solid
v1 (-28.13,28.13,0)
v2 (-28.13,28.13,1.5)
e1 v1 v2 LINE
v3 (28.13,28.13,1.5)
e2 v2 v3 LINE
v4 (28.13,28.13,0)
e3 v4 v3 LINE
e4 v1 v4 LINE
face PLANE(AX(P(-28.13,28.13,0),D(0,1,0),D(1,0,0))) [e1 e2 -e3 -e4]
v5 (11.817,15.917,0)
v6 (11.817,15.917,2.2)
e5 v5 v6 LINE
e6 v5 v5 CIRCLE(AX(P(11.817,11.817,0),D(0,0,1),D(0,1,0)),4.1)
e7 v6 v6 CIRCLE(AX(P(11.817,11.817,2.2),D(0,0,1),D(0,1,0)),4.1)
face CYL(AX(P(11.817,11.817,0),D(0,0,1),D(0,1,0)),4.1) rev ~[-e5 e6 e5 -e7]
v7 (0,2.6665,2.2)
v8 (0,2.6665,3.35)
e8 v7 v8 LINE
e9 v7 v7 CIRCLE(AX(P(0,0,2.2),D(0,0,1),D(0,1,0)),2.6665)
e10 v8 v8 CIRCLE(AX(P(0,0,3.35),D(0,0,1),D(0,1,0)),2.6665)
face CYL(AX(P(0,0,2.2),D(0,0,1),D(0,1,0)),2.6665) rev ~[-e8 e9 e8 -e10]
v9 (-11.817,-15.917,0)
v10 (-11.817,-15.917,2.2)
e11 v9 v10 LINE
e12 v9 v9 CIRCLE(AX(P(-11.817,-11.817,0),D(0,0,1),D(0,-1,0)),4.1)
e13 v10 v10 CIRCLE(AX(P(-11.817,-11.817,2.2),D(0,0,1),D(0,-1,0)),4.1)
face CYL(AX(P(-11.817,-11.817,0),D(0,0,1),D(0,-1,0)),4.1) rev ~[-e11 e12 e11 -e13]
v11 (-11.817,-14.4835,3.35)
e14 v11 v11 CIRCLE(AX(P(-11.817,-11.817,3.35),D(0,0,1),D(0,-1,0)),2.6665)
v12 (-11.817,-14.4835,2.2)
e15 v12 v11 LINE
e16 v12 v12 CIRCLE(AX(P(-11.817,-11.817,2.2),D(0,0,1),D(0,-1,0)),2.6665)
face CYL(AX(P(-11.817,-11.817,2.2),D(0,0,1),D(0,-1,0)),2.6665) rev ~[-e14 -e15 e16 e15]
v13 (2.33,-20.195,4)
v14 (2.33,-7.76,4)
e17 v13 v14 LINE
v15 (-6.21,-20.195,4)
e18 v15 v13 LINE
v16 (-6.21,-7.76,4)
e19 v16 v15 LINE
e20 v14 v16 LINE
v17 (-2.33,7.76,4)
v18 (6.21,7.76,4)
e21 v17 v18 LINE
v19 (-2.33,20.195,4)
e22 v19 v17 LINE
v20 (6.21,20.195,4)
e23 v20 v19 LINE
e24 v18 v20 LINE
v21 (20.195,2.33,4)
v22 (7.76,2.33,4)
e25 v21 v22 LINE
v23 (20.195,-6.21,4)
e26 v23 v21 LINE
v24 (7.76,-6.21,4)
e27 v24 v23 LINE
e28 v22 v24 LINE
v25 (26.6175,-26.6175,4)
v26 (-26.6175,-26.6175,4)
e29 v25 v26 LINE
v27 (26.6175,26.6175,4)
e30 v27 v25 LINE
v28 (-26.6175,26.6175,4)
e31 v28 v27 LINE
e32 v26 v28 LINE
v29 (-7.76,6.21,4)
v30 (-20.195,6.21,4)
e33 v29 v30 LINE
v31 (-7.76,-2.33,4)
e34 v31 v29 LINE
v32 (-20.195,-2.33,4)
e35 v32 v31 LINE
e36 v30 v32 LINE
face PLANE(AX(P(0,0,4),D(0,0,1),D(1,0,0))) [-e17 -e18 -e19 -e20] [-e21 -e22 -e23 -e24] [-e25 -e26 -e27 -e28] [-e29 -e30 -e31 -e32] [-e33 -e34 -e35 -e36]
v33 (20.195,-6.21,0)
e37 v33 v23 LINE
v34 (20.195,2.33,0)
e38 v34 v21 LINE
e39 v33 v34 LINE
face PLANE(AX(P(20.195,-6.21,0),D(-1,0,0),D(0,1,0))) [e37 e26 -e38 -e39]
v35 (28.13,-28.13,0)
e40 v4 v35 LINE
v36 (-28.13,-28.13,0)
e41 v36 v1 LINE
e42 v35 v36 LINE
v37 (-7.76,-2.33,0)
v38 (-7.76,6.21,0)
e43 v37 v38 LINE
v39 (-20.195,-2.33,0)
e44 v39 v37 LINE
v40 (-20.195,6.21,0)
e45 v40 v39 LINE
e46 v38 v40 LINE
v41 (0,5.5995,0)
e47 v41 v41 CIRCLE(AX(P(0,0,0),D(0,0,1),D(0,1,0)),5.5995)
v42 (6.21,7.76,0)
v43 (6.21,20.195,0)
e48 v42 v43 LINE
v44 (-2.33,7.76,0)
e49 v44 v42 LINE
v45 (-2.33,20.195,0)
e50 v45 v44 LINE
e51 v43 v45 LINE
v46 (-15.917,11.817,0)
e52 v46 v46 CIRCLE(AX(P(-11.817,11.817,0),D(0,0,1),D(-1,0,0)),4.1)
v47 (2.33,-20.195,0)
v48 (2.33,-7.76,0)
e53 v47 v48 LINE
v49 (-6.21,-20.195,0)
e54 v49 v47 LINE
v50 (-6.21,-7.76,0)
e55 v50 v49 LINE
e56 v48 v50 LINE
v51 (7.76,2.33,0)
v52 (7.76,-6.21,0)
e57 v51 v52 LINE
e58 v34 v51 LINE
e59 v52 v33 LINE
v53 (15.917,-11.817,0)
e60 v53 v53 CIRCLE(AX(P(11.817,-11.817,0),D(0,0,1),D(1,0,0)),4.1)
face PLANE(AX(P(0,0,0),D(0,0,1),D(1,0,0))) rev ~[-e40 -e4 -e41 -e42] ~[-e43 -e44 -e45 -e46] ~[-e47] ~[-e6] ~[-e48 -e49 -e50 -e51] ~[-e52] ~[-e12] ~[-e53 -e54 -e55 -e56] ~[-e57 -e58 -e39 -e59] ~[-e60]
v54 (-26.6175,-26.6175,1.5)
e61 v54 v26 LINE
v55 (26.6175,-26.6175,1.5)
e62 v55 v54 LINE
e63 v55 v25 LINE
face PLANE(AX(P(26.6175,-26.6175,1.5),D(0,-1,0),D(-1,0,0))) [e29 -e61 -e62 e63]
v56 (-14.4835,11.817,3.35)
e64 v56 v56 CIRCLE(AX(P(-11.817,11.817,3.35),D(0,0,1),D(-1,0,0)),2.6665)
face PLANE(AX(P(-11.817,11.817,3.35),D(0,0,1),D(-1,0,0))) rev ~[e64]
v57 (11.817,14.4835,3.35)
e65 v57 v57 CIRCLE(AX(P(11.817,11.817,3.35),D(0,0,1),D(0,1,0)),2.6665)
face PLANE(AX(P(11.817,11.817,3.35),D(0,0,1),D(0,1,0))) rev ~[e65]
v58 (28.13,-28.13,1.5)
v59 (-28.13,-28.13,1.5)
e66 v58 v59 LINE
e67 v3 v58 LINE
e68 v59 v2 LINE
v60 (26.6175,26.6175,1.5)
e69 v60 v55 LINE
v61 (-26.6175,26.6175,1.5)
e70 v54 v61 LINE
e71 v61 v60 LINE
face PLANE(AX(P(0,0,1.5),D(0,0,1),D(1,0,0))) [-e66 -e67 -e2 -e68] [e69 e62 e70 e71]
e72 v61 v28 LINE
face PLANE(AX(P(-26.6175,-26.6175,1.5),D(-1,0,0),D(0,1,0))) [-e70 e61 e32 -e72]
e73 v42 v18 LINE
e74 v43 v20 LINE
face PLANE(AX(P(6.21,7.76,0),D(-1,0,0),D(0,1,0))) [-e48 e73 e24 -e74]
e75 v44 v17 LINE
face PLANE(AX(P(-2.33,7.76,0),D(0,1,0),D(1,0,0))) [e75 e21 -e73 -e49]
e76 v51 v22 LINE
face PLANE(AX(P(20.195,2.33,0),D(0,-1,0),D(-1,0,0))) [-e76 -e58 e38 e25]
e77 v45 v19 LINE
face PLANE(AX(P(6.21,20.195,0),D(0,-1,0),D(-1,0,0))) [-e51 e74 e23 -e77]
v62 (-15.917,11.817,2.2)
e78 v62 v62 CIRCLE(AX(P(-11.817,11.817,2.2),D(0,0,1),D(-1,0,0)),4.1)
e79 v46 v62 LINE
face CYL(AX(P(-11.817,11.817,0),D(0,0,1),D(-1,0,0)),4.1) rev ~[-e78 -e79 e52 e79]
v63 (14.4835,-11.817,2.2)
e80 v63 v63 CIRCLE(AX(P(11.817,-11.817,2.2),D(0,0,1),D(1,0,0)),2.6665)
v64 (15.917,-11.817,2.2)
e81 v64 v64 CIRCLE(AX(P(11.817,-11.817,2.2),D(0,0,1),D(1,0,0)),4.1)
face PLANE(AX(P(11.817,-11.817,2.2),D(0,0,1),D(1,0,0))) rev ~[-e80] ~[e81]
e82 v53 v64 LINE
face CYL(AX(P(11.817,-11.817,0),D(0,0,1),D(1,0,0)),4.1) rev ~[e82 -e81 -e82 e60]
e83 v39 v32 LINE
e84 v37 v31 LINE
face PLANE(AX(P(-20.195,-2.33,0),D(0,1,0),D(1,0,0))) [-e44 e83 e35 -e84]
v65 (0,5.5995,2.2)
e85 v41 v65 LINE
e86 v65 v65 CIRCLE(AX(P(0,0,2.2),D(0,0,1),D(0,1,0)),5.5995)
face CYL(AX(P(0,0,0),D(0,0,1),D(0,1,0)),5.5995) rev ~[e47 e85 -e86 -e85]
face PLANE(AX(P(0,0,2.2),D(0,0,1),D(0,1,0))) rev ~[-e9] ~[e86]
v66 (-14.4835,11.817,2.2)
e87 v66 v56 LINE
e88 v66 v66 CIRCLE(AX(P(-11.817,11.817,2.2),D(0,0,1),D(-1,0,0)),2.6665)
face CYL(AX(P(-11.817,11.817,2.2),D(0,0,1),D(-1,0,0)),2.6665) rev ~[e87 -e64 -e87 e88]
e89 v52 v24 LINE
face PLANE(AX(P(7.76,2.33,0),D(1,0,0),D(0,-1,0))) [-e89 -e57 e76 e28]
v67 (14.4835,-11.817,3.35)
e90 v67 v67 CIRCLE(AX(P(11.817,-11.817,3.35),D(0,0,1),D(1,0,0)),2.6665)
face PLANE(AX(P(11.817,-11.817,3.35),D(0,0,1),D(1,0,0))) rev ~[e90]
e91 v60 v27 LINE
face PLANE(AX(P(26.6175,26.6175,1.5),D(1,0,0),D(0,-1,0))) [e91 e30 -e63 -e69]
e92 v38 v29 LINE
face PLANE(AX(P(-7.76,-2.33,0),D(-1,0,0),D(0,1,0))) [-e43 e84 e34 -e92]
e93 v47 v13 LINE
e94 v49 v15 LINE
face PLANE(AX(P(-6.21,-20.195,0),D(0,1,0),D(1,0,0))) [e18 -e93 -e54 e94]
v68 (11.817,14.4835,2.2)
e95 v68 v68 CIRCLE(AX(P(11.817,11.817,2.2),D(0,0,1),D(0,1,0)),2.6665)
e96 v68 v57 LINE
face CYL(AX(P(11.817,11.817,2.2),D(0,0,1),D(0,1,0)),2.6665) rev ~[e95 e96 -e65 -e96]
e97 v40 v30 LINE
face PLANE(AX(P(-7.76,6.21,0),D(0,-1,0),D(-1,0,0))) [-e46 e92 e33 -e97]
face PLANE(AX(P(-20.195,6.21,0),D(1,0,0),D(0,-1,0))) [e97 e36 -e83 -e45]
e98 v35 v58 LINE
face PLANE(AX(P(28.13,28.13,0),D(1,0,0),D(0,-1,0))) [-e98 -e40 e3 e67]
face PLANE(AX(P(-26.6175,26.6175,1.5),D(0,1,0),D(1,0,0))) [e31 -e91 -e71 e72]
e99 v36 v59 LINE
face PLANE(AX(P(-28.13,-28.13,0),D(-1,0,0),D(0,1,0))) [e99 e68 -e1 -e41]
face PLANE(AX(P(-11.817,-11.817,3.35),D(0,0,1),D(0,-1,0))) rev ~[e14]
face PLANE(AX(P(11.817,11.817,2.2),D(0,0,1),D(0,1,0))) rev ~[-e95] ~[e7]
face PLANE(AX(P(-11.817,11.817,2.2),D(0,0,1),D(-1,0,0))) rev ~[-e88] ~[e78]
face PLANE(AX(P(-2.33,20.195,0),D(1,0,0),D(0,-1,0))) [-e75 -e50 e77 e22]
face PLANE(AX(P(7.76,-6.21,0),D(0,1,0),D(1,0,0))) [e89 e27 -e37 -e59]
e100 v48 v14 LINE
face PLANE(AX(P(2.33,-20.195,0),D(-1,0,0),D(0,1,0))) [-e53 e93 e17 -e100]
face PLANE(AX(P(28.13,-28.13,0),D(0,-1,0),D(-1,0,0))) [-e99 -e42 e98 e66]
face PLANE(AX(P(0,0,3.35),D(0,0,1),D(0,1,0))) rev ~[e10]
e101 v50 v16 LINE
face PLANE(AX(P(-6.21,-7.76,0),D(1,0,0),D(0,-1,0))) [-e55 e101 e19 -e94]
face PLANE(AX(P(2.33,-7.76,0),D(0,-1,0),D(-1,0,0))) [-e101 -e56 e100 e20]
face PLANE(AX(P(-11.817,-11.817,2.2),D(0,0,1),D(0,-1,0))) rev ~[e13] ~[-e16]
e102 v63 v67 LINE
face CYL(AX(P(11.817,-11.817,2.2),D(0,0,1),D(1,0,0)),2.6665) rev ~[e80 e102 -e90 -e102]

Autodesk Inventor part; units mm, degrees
ref_plane "YZ Plane" through (0, 0, 0) normal (1, 0, 0) x (0, 1, 0)
ref_plane "XZ Plane" through (0, 0, 0) normal (0, 1, 0) x (-1, 0, 0)
ref_plane "XY Plane" through (0, 0, 0) normal (0, 0, 1) x (1, 0, 0)
sketch "Skizze1" plane through (0, 0, 0) normal (0, 0, 1) x (1, 0, 0)
  line L0 (-28.13, 28.13) -> (28.13, 28.13)
  line L1 (28.13, 28.13) -> (28.13, -28.13)
  line L2 (28.13, -28.13) -> (-28.13, -28.13)
  line L3 (-28.13, -28.13) -> (-28.13, 28.13)
  line L4 (-39.382, 0) -> (39.382, 0) construction
  line L5 (0, -39.382) -> (0, 39.382) construction
  point P0 (0, 0)
  dimension "d0" = 56.26
extrude "Extrusion1" add sketch "Skizze1" along normal blind 1.5
sketch "Skizze2" plane through (0, 0, 1.5) normal (0, 0, 1) x (1, 0, 0)
  line L0 (0, -39.382) -> (0, 39.382) construction
  line L1 (-39.382, 0) -> (39.382, 0) construction
  line L2 (-26.6175, 26.6175) -> (26.6175, 26.6175)
  line L3 (26.6175, 26.6175) -> (26.6175, -26.6175)
  line L4 (26.6175, -26.6175) -> (-26.6175, -26.6175)
  line L5 (-26.6175, -26.6175) -> (-26.6175, 26.6175)
  line L6 (28.13, 28.13) -> (-28.13, 28.13) projected
  point P0 (0, 0)
  dimension "d3" = 53.235
extrude "Extrusion2" add sketch "Skizze2" along normal blind 2.5
sketch "Skizze3" plane through (0, 0, 0) normal (0, 0, -1) x (-1, 0, 0)
  line L0 (28.13, -28.13) -> (-28.13, -28.13) projected
  line L1 (28.13, 28.13) -> (28.13, -28.13) projected
  line L2 (-28.13, 28.13) -> (28.13, 28.13) projected
  line L3 (-28.13, -28.13) -> (-28.13, 28.13) projected
  line L4 (-6.21, 20.195) -> (2.33, 20.195)
  line L5 (2.33, 20.195) -> (2.33, 7.76)
  line L6 (2.33, 7.76) -> (-6.21, 7.76)
  line L7 (-6.21, 7.76) -> (-6.21, 20.195)
  point P0 (0, 0)
  point P1 (0, 0)
  dimension "d6" = 21.92
  dimension "d7" = 8.54
  dimension "d8" = 12.435
  dimension "d9" = 35.89
extrude "Extrusion3" cut sketch "Skizze3" against normal up to surface (4 mm away) contours L4 L5 L6 L7
pattern_circular "Runde Anordnung1" count 4 over 360 about axis through (0, 0, -10) along (0, 0, 1) of "Extrusion3"
sketch "Skizze4" plane through (0, 0, 0) normal (0, 0, -1) x (-1, 0, 0)
  line L0 (-28.13, -28.13) -> (-28.13, 28.13) projected
  line L1 (-28.13, 28.13) -> (28.13, 28.13) projected
  point P0 (0, 0)
  point P1 (-11.817, 11.817)
  dimension "d15" = 16.313
  dimension "d16" = 16.313
hole "Bohrung1" at (11.817, 11.817, 0) direction (0, 0, 1) diameter 5.333 depth 3.35 counterbore diameter 8.2 counterbore depth 2.2
pattern_circular "Runde Anordnung2" count 4 over 360 about axis through (0, 0, -10) along (0, 0, 1) of "Bohrung1"
sketch "Skizze5" plane through (0, 0, 0) normal (0, 0, -1) x (-1, 0, 0)
  point P0 (0, 0)
  point P1 (0, 0)
hole "Bohrung2" at (0, 0, 0) direction (0, 0, 1) diameter 5.333 depth 3.35 counterbore diameter 11.199 counterbore depth 2.2
properties part number "PCB_cover_platte_0,2_reduziert"
